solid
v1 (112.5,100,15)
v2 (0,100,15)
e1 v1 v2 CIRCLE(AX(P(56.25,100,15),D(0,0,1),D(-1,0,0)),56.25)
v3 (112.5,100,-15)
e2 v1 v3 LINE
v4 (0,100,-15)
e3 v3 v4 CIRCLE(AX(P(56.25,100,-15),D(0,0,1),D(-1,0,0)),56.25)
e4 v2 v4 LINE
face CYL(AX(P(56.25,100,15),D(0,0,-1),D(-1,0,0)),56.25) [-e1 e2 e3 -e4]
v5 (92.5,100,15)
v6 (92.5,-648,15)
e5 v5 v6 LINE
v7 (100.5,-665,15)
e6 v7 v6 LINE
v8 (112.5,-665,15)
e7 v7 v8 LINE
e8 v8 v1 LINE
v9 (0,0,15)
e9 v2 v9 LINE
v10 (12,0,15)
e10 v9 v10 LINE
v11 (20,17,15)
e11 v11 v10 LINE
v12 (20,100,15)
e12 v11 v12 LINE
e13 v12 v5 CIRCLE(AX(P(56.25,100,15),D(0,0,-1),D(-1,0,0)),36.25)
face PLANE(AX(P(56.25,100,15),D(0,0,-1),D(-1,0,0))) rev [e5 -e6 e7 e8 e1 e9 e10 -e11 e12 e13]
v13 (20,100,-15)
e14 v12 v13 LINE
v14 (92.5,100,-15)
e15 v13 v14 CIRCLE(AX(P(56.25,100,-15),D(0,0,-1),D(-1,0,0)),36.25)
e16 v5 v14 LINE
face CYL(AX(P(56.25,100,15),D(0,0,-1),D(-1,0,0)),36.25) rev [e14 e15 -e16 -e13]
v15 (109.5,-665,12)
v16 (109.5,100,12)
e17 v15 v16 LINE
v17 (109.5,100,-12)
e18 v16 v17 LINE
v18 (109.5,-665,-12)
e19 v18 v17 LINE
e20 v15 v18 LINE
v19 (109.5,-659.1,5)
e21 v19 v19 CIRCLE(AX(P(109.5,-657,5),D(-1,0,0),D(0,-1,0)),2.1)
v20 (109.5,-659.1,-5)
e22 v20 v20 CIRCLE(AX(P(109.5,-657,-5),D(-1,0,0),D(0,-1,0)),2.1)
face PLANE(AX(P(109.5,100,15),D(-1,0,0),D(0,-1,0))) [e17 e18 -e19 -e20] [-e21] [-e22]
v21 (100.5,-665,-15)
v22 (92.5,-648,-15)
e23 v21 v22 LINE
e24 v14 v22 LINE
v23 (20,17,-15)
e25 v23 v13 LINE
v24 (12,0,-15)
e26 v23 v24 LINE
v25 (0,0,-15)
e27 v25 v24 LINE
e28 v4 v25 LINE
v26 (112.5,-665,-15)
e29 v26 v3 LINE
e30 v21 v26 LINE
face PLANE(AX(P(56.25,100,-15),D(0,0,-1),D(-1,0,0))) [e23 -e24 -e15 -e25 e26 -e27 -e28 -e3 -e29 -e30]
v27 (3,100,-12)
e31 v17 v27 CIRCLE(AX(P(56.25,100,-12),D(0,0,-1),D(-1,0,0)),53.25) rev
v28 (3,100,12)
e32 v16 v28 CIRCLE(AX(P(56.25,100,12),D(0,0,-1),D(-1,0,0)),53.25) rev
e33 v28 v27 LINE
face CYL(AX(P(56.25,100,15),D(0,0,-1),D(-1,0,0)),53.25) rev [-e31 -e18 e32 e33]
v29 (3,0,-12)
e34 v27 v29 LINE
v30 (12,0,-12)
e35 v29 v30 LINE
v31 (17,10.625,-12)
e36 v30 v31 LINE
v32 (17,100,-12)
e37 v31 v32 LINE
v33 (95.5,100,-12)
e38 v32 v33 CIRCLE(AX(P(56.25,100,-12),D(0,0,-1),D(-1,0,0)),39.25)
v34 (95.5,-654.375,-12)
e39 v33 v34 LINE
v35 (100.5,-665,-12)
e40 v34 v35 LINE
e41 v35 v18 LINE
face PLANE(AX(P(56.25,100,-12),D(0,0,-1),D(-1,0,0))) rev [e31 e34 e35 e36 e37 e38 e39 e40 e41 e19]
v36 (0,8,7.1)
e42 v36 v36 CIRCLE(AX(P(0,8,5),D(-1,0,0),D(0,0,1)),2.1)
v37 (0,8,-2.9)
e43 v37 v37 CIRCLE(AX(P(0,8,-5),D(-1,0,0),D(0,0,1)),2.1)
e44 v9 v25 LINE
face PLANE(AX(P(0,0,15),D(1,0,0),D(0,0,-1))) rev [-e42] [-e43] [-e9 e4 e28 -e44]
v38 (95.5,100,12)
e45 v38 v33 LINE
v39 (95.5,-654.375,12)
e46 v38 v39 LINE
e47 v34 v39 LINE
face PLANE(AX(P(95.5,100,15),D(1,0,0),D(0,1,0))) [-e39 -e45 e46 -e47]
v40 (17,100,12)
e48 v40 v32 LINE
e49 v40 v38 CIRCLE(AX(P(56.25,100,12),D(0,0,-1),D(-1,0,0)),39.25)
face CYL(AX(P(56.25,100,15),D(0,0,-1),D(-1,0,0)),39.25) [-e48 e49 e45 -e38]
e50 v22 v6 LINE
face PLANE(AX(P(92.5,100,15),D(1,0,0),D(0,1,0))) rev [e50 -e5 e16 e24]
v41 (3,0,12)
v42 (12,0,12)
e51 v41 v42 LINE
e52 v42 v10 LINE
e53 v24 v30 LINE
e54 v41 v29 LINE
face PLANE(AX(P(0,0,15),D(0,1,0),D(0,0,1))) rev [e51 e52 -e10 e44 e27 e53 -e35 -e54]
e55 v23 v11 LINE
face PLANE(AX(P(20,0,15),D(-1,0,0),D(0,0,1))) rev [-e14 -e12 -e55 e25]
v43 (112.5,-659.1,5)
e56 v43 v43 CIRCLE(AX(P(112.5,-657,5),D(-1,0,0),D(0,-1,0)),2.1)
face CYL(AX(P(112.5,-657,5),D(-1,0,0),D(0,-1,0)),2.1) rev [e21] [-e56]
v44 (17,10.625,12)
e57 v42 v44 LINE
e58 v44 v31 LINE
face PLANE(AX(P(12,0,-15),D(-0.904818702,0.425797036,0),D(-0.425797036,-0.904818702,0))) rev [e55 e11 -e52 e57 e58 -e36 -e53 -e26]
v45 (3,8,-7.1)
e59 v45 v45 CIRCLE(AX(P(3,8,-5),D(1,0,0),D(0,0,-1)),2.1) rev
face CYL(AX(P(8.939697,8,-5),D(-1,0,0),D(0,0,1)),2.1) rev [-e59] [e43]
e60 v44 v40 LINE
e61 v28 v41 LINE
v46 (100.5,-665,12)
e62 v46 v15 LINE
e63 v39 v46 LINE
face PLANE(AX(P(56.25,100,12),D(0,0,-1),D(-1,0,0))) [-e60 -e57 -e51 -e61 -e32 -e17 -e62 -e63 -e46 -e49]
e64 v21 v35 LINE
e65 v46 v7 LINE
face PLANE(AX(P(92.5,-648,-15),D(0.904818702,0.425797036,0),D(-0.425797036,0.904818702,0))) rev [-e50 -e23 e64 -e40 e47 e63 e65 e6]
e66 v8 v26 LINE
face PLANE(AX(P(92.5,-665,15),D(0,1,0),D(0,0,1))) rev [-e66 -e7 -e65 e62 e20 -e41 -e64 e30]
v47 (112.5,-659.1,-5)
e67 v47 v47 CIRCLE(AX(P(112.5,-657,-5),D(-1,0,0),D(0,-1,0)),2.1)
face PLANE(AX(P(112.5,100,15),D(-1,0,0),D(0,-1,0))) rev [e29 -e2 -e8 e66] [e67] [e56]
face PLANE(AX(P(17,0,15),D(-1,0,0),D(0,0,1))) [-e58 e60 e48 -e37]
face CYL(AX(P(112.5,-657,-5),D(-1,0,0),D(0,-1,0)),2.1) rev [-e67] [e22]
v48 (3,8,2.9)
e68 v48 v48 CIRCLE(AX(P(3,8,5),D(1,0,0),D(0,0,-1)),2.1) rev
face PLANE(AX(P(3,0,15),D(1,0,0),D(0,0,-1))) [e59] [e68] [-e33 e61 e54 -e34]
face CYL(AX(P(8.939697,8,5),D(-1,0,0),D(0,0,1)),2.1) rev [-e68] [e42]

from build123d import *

# Parameters (mm, degrees)
EXTRUDE_1_DEPTH     = 15
SHELL_1_T           = -3
CUT_EXTRUDE_1_DEPTH = 676.11573082
SKETCH_4_R          = 2.1
CUT_EXTRUDE_2_DEPTH = 675.121836169
SKETCH_5_R          = 2.1
CUT_EXTRUDE_3_DEPTH = 3


with BuildPart() as part:
    # 草图1 → 凸台-拉伸1 (new, symmetric)
    with BuildSketch(Plane.XY):
        with BuildLine():
            Line((0, 0), (0, 100))
            ThreePointArc((0, 100), (56.25, 156.25), (112.5, 100))
            Line((112.5, 100), (112.5, -665))
            Line((112.5, -665), (92.5, -665))
            Line((92.5, -665), (92.5, 100))
            ThreePointArc((92.5, 100), (56.25, 136.25), (20, 100))
            Line((20, 100), (20, 0))
            Line((20, 0), (0, 0))
        make_face()
    extrude(amount=EXTRUDE_1_DEPTH, both=True)

    # 抽壳1
    shell_1_openings = [part.faces().sort_by_distance(p)[0] for p in [
        (102.5, -665, 0),
        (10, 0, 0),
    ]]
    offset(amount=SHELL_1_T, openings=shell_1_openings, kind=Kind.INTERSECTION)

    # 草图3 → 切除-拉伸1 (cut, through all)
    with BuildSketch(Plane.XY.offset(15)):
        Polygon((12, 0), (20, 17), (20, 0), align=None)
        Polygon((92.5, -665), (92.5, -648), (100.5, -665), align=None)
    extrude(amount=-CUT_EXTRUDE_1_DEPTH, mode=Mode.SUBTRACT)

    # 草图4 → 切除-拉伸2 (cut, through all)
    with BuildSketch(Plane.ZY.offset(-109.5)):
        with Locations(Location((-5, -657, 0), (0, 0, 270))):
            Circle(SKETCH_4_R)
        with Locations(Location((5, -657, 0), (0, 0, 270))):
            Circle(SKETCH_4_R)
    extrude(amount=-CUT_EXTRUDE_2_DEPTH, mode=Mode.SUBTRACT)

    # 草图5 → 切除-拉伸3 (cut)
    with BuildSketch(Plane.ZY):
        with Locations((-5, 8)):
            Circle(SKETCH_5_R)
        with Locations((5, 8)):
            Circle(SKETCH_5_R)
    extrude(amount=-CUT_EXTRUDE_3_DEPTH, mode=Mode.SUBTRACT)


solid = part.part
